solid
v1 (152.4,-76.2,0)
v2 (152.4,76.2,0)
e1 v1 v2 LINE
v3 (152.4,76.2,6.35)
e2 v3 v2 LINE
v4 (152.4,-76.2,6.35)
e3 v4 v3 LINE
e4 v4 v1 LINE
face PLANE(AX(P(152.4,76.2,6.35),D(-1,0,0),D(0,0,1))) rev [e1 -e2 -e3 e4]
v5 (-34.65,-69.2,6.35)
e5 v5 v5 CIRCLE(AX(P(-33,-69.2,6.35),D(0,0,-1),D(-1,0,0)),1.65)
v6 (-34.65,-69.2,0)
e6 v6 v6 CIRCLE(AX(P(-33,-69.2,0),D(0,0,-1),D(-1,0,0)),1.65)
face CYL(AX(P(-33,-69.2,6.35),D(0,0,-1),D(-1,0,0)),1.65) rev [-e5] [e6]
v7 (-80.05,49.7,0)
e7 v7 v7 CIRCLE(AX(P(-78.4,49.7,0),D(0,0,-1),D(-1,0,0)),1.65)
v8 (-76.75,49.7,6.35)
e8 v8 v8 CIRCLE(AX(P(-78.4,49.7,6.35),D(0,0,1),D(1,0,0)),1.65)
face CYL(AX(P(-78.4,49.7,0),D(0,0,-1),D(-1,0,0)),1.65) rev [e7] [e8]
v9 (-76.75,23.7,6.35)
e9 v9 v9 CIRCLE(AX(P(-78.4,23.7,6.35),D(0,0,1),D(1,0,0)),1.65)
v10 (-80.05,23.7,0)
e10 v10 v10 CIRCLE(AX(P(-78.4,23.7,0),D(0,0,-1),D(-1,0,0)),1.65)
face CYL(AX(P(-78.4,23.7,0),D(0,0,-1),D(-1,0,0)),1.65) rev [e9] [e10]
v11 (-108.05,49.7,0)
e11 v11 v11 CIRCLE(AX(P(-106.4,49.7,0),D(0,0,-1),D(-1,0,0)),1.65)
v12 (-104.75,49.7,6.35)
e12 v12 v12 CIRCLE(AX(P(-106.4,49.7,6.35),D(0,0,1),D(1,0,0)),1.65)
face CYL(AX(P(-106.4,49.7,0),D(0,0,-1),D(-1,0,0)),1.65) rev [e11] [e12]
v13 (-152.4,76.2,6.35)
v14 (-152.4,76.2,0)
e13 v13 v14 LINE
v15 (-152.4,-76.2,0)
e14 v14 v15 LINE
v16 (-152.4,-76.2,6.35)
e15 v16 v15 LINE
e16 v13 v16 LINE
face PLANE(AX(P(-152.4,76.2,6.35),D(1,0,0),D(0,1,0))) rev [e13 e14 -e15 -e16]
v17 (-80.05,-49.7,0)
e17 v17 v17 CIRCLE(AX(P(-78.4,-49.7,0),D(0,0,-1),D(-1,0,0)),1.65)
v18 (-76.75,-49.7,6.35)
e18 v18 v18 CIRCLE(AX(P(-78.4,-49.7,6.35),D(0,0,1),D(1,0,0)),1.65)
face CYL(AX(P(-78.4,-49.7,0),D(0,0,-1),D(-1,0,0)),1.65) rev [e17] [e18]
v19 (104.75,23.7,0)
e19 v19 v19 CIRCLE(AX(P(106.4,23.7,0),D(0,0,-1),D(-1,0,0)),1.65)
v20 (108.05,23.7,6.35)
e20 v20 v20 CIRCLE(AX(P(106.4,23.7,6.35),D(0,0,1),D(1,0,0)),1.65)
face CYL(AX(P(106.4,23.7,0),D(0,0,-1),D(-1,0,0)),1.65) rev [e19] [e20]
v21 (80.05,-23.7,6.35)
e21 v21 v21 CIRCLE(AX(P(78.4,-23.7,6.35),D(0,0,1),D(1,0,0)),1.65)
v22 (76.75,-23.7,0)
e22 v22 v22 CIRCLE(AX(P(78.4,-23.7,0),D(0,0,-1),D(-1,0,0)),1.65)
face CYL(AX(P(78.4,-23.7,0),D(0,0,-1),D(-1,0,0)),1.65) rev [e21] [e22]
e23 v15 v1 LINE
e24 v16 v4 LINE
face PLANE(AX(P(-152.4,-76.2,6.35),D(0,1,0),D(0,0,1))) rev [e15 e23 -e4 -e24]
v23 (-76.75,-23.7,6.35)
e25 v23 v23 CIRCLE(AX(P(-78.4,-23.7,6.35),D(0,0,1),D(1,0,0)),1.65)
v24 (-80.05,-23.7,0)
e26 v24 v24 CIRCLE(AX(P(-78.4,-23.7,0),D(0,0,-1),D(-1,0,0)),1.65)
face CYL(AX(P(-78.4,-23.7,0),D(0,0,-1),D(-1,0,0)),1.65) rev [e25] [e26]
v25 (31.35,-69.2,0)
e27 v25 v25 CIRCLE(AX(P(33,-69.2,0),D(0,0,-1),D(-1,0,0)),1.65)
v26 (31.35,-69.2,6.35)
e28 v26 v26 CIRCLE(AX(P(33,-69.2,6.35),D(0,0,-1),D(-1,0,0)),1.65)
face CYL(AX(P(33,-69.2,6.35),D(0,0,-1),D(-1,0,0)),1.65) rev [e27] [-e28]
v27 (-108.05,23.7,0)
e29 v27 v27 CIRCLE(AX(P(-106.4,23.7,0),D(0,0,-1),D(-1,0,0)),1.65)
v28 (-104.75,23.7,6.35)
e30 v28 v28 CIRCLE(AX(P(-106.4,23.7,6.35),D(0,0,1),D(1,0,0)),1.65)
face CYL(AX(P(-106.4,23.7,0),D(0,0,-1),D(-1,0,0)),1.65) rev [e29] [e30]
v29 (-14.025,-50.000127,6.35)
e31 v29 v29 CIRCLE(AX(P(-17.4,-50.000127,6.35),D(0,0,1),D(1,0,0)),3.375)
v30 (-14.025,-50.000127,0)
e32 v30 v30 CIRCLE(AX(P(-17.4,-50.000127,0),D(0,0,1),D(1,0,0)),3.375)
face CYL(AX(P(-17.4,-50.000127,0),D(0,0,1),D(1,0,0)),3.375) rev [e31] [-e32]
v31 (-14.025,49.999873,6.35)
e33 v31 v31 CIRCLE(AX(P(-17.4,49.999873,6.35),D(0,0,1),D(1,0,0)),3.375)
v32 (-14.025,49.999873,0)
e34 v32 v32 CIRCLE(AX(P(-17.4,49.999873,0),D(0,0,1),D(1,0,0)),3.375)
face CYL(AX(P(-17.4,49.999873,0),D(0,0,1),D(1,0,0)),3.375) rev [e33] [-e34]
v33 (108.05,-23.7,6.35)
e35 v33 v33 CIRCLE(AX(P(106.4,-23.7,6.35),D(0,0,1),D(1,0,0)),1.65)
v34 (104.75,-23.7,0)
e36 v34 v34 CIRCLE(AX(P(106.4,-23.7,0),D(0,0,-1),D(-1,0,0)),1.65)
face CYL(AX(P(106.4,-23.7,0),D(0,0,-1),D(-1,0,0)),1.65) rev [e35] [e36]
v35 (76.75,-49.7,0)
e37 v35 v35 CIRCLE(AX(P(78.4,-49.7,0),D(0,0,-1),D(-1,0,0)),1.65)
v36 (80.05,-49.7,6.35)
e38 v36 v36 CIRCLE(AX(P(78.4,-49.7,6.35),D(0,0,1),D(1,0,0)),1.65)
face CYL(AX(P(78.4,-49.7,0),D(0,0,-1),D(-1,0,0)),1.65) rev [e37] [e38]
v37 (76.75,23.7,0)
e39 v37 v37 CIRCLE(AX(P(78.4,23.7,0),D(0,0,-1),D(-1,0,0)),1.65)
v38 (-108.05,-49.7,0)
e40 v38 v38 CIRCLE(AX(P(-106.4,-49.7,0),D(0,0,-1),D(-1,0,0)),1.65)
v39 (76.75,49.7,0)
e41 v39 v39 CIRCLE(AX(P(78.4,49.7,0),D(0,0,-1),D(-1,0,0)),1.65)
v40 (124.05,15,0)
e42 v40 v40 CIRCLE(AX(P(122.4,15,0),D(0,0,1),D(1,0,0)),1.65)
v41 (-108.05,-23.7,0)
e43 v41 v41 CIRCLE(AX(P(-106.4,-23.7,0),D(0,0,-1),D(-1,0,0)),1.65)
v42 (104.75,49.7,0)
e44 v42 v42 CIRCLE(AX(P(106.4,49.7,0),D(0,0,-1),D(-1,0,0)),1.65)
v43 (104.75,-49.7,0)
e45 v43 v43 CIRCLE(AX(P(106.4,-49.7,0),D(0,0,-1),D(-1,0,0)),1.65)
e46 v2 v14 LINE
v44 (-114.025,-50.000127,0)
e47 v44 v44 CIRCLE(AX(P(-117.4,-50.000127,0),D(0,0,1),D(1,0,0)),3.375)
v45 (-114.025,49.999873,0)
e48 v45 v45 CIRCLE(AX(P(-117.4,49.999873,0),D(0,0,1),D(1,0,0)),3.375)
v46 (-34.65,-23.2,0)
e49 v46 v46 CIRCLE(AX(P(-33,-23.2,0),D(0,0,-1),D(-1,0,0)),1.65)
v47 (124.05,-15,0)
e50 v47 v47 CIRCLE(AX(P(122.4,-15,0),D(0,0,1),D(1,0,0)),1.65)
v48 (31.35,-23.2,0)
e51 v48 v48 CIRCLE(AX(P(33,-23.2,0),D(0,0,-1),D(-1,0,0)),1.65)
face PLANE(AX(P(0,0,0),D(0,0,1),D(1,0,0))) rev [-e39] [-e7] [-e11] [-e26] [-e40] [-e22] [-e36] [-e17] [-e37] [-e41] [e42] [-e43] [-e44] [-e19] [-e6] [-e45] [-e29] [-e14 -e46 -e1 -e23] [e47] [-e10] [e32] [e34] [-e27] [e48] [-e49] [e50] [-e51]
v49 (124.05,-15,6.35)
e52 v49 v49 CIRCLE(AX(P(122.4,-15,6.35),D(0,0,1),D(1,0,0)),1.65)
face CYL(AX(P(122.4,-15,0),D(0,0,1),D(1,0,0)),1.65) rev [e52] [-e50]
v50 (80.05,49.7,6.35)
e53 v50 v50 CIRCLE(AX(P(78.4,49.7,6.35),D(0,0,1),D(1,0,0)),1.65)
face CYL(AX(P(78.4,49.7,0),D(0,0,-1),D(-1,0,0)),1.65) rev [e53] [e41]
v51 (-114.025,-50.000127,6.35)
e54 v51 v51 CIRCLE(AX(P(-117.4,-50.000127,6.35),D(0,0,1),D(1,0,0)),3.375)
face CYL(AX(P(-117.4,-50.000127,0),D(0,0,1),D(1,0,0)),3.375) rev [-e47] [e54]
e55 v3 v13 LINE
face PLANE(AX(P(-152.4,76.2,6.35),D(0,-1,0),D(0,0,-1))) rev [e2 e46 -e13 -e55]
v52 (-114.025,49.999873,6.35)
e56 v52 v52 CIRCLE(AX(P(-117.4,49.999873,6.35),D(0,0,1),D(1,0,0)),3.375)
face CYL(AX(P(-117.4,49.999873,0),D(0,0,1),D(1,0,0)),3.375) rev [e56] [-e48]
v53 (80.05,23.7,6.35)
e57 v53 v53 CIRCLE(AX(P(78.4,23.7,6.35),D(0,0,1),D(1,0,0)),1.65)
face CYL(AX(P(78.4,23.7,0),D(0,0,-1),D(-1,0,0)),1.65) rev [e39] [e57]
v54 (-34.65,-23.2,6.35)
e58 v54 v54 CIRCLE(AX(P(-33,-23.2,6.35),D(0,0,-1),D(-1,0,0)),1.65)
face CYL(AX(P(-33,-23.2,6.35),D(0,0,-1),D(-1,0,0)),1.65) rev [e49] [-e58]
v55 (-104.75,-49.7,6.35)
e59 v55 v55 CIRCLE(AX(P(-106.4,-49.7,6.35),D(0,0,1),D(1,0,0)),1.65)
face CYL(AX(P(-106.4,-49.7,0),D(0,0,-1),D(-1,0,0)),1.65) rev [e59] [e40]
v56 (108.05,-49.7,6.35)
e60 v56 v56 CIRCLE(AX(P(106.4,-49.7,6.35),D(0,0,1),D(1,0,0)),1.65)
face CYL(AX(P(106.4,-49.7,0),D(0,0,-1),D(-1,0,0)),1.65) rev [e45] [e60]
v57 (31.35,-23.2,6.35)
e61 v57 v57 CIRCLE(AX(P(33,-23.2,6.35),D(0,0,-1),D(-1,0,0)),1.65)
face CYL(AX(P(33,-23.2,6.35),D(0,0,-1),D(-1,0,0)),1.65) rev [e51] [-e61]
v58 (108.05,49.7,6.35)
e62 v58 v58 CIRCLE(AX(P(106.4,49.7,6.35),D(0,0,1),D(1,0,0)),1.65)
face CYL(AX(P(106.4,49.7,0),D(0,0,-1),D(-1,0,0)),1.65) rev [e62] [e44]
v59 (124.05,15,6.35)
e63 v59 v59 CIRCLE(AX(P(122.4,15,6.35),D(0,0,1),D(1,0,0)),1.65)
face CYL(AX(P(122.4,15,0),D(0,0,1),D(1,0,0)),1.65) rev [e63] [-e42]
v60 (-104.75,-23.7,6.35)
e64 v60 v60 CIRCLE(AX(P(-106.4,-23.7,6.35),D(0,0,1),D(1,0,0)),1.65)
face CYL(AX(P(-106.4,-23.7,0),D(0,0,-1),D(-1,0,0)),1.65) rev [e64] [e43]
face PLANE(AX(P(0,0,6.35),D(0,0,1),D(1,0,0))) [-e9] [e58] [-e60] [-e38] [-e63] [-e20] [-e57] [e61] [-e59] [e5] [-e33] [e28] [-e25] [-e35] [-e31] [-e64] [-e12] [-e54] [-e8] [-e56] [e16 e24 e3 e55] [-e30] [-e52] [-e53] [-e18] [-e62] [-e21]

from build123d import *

# Parameters (mm, degrees)
SKETCH1_W                 = 304.8
SKETCH1_H                 = 152.4
BOSS_EXTRUDE1_DEPTH       = 6.35
M4X0_7_TAPPED_HOLE1_D     = 3.3
M4X0_7_TAPPED_HOLE1_DEPTH = 10.1
M4X0_7_TAPPED_HOLE1_TIP   = 1.65
SKETCH5_R                 = 3.375
CUT_EXTRUDE1_DEPTH        = 7.35
SKETCH6_R                 = 1.65
CUT_EXTRUDE2_DEPTH        = 7.35
SKETCH7_R                 = 1.65
CUT_EXTRUDE3_DEPTH        = 7.35


with BuildPart() as part:
    # Sketch1 → Boss-Extrude1 (new body)
    with BuildSketch(Plane.XY):
        Rectangle(SKETCH1_W, SKETCH1_H)
    extrude(amount=BOSS_EXTRUDE1_DEPTH)

    # M4x0.7 Tapped Hole1
    with Locations(Plane(origin=(78.4, 49.7, 0), x_dir=(-1, 0, 0), z_dir=(0, 0, -1))):
        with Locations((0, 0), (0, -26), (-28, -26), (-28, 0), (0, -73.4), (0, -99.4), (-28, -73.4), (-28, -99.4), (184.8, 0), (156.8, 0), (156.8, -26), (184.8, -26), (184.8, -73.4), (184.8, -99.4), (156.8, -73.4), (156.8, -99.4)):
            Hole(M4X0_7_TAPPED_HOLE1_D / 2, depth=M4X0_7_TAPPED_HOLE1_DEPTH)
            with Locations((0, 0, -(M4X0_7_TAPPED_HOLE1_DEPTH + M4X0_7_TAPPED_HOLE1_TIP / 2))):  # 90° drill point
                Cone(0, M4X0_7_TAPPED_HOLE1_D / 2, M4X0_7_TAPPED_HOLE1_TIP, mode=Mode.SUBTRACT)

    # Sketch5 → Cut-Extrude1 (cut, through all)
    with BuildSketch(Plane.XY.offset(6.35)):
        with Locations((-117.4, -50.000126651)):
            Circle(SKETCH5_R)
        with Locations((-117.4, 49.999873349)):
            Circle(SKETCH5_R)
        with Locations((-17.4, -50.000126651)):
            Circle(SKETCH5_R)
        with Locations((-17.4, 49.999873349)):
            Circle(SKETCH5_R)
    extrude(amount=-CUT_EXTRUDE1_DEPTH, mode=Mode.SUBTRACT)

    # Sketch6 → Cut-Extrude2 (cut, through all)
    with BuildSketch(Plane(origin=(0, 0, 0), x_dir=(-1, 0, 0), z_dir=(0, 0, -1))):
        with Locations((33, -69.2)):
            Circle(SKETCH6_R)
        with Locations((33, -23.2)):
            Circle(SKETCH6_R)
        with Locations((-33, -23.2)):
            Circle(SKETCH6_R)
        with Locations((-33, -69.2)):
            Circle(SKETCH6_R)
    extrude(amount=-CUT_EXTRUDE2_DEPTH, mode=Mode.SUBTRACT)

    # Sketch7 → Cut-Extrude3 (cut, through all)
    with BuildSketch(Plane.XY.offset(6.35)):
        with Locations((122.4, 15)):
            Circle(SKETCH7_R)
        with Locations((122.4, -15)):
            Circle(SKETCH7_R)
    extrude(amount=-CUT_EXTRUDE3_DEPTH, mode=Mode.SUBTRACT)


solid = part.part
